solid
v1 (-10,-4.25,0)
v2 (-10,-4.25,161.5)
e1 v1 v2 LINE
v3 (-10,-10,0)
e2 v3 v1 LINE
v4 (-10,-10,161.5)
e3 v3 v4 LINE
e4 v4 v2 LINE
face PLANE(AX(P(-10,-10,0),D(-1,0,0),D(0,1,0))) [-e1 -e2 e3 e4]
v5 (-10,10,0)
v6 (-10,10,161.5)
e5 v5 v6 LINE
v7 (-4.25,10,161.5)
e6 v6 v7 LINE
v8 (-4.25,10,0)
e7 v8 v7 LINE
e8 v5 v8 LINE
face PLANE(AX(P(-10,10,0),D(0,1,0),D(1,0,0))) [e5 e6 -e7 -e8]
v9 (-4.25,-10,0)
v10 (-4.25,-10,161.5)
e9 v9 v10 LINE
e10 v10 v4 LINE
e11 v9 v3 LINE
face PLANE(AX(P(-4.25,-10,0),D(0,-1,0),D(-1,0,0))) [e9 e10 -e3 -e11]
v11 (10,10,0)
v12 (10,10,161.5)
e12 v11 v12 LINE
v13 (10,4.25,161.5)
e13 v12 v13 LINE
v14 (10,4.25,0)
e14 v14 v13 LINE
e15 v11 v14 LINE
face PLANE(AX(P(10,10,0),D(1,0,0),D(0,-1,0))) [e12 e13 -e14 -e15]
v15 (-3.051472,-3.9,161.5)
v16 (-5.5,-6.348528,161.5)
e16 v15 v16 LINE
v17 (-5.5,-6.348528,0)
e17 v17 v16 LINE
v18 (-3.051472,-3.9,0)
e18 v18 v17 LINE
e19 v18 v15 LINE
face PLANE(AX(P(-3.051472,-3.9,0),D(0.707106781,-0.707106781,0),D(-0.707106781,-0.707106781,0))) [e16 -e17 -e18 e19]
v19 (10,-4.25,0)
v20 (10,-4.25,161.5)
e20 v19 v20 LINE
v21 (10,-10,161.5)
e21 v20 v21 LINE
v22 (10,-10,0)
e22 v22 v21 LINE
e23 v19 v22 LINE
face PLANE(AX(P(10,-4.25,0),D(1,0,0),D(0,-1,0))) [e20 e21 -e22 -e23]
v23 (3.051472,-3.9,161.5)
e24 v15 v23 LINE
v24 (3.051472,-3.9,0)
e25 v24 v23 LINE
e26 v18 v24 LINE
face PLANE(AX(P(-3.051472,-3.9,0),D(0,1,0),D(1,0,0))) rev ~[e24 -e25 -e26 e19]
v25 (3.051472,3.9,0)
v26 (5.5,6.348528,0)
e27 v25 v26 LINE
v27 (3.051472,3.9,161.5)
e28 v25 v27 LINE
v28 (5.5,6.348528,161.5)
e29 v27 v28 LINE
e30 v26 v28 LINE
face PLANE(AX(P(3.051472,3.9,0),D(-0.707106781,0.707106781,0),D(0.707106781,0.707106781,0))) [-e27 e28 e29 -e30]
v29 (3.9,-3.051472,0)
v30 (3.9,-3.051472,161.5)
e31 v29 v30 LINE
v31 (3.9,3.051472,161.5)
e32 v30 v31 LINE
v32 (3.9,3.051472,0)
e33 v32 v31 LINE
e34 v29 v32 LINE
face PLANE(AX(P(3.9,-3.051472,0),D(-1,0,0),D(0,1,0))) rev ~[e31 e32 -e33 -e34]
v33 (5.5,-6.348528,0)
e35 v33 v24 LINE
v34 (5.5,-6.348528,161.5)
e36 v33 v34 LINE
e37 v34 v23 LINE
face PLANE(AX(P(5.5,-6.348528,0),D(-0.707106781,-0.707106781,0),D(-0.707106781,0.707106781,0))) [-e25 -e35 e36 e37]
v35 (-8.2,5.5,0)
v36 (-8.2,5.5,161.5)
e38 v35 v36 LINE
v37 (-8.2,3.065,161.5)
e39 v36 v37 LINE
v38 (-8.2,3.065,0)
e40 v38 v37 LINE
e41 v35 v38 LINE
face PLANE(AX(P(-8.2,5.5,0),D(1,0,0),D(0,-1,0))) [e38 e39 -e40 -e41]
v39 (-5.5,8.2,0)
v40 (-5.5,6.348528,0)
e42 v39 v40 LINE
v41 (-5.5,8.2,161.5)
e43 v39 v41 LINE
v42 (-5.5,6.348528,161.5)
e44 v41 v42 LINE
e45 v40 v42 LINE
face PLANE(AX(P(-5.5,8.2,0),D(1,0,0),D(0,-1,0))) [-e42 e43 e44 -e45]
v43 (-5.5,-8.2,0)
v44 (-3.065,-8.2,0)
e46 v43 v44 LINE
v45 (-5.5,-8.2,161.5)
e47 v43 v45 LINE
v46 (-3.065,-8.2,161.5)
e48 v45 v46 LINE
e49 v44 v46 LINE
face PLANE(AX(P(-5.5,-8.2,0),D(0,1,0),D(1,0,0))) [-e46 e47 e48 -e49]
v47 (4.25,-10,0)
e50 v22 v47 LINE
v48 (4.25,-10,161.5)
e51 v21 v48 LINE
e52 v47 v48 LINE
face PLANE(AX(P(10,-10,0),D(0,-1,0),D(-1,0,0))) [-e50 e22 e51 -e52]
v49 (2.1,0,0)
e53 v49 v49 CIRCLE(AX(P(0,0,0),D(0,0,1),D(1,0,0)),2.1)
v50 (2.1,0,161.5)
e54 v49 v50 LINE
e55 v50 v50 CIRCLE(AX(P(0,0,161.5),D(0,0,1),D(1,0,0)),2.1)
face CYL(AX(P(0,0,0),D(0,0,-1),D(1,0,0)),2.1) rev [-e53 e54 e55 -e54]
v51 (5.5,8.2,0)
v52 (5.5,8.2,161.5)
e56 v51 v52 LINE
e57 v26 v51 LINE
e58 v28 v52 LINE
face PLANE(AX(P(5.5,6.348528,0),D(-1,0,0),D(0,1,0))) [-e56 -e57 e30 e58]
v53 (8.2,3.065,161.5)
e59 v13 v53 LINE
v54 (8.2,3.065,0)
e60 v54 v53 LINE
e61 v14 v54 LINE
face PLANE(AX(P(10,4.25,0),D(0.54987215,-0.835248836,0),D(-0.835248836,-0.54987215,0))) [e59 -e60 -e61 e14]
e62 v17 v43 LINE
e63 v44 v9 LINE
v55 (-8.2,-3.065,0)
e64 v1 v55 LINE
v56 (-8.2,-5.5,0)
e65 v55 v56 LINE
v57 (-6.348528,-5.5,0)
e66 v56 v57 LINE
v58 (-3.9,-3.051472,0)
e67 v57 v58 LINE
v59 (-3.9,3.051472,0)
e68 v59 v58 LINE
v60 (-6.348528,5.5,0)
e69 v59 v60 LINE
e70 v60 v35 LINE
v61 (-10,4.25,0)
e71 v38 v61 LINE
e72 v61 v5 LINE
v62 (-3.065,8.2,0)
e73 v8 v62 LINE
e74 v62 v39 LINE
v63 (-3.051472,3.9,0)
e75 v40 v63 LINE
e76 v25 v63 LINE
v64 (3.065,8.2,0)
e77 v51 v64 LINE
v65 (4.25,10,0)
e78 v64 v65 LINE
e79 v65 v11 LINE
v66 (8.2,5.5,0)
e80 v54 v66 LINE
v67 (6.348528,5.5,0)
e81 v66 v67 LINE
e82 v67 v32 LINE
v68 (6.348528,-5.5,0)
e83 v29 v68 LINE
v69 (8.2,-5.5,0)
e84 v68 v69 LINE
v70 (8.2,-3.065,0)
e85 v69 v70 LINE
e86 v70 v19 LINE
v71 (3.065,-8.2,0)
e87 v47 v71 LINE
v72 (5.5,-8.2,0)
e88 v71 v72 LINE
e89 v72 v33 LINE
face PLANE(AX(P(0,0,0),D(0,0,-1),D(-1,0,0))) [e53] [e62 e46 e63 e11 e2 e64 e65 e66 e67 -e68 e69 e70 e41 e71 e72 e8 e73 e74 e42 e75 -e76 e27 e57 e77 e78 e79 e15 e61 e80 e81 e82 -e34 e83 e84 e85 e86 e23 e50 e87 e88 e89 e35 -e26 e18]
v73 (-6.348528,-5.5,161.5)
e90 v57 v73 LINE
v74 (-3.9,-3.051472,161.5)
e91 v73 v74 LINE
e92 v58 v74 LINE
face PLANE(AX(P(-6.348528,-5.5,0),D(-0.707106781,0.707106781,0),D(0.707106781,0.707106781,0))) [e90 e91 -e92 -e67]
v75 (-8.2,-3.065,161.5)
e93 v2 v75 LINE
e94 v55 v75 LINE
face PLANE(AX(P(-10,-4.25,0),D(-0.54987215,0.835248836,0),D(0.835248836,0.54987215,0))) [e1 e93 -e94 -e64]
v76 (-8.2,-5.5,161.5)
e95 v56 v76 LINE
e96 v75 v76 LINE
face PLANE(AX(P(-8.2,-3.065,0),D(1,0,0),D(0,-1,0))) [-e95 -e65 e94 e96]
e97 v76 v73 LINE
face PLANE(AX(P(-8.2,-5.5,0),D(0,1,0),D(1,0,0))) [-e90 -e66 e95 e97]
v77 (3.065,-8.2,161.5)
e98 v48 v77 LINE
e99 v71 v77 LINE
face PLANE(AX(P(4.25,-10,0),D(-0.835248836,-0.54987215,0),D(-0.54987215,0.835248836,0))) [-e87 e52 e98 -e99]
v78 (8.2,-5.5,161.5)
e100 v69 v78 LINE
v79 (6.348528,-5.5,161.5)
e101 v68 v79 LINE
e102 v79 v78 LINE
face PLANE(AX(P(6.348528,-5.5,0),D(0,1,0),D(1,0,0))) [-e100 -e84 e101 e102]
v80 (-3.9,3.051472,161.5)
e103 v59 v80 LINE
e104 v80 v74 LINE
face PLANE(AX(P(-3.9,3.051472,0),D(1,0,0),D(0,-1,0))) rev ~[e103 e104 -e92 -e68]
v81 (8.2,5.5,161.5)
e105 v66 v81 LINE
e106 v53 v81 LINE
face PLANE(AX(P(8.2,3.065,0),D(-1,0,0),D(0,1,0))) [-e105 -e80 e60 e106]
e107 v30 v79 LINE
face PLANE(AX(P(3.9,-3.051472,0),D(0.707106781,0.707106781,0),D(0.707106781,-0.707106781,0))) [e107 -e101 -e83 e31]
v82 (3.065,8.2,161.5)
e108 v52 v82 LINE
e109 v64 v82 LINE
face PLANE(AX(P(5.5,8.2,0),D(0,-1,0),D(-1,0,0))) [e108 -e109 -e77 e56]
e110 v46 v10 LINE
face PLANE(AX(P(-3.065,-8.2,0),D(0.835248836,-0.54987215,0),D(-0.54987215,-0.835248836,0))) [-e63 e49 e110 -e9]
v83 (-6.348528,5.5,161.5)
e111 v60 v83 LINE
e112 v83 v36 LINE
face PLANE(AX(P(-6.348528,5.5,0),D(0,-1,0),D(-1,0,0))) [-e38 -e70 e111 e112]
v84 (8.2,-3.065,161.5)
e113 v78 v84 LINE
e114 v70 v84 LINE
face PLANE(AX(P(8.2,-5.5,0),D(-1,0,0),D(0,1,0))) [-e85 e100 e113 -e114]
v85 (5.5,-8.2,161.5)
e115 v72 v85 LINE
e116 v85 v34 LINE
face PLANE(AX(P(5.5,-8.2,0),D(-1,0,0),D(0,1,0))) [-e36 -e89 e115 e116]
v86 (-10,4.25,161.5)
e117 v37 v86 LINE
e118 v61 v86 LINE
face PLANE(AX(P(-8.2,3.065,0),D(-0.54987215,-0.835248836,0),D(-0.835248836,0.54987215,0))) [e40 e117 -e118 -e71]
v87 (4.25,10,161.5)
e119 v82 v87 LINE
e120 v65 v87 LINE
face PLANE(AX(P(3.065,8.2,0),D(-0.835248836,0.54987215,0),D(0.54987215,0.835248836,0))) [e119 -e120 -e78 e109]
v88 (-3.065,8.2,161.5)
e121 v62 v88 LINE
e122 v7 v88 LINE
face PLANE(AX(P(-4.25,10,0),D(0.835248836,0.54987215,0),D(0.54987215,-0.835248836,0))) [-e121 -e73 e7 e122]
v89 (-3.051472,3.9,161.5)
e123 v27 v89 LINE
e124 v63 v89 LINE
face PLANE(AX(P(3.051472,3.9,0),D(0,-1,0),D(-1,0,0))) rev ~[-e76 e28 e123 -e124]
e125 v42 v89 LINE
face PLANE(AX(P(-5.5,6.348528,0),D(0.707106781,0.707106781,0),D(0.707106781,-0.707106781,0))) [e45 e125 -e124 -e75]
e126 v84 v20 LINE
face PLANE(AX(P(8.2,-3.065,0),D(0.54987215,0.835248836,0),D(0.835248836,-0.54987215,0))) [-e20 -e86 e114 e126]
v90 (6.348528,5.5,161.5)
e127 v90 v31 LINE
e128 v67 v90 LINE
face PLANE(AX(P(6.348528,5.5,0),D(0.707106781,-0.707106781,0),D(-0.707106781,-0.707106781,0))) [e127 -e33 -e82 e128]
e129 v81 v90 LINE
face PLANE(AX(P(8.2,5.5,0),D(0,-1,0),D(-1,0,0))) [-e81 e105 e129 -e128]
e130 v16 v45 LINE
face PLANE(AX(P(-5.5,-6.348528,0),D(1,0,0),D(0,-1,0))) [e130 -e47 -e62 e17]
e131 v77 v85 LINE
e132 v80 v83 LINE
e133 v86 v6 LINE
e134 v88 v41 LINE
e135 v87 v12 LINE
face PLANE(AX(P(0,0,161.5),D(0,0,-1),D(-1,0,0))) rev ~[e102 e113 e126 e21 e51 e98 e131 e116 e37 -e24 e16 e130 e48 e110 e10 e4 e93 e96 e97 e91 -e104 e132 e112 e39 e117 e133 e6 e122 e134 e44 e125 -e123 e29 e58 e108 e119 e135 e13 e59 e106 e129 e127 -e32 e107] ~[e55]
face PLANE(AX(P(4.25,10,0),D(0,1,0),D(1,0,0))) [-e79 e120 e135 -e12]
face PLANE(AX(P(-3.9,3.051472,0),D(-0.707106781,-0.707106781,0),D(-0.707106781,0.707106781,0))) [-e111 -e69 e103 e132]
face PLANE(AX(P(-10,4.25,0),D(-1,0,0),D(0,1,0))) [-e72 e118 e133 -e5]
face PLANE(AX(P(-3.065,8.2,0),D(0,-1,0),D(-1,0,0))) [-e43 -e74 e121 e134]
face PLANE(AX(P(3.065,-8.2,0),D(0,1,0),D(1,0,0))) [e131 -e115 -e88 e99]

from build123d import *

# Parameters (mm, degrees)
SKETCH1_R           = 2.1
BOSS_EXTRUDE1_DEPTH = 161.5


with BuildPart() as part:
    # Sketch1 → Boss-Extrude1 (new body)
    with BuildSketch(Plane.XY):
        Polygon((-10, 10), (-4.25, 10), (-3.065, 8.2), (-5.5, 8.2), (-5.5, 6.348528137), (-3.051471863, 3.9), (0, 3.9), (3.051471863, 3.9), (5.5, 6.348528137), (5.5, 8.2), (3.065, 8.2), (4.25, 10), (10, 10), (10, 4.25), (8.2, 3.065), (8.2, 5.5), (6.348528137, 5.5), (3.9, 3.051471863), (3.9, 0), (3.9, -3.051471863), (6.348528137, -5.5), (8.2, -5.5), (8.2, -3.065), (10, -4.25), (10, -10), (4.25, -10), (3.065, -8.2), (5.5, -8.2), (5.5, -6.348528137), (3.051471863, -3.9), (0, -3.9), (-3.051471863, -3.9), (-5.5, -6.348528137), (-5.5, -8.2), (-3.065, -8.2), (-4.25, -10), (-10, -10), (-10, -4.25), (-8.2, -3.065), (-8.2, -5.5), (-6.348528137, -5.5), (-3.9, -3.051471863), (-3.9, 0), (-3.9, 3.051471863), (-6.348528137, 5.5), (-8.2, 5.5), (-8.2, 3.065), (-10, 4.25), align=None)
        Circle(SKETCH1_R, mode=Mode.SUBTRACT)
    extrude(amount=BOSS_EXTRUDE1_DEPTH)


solid = part.part
